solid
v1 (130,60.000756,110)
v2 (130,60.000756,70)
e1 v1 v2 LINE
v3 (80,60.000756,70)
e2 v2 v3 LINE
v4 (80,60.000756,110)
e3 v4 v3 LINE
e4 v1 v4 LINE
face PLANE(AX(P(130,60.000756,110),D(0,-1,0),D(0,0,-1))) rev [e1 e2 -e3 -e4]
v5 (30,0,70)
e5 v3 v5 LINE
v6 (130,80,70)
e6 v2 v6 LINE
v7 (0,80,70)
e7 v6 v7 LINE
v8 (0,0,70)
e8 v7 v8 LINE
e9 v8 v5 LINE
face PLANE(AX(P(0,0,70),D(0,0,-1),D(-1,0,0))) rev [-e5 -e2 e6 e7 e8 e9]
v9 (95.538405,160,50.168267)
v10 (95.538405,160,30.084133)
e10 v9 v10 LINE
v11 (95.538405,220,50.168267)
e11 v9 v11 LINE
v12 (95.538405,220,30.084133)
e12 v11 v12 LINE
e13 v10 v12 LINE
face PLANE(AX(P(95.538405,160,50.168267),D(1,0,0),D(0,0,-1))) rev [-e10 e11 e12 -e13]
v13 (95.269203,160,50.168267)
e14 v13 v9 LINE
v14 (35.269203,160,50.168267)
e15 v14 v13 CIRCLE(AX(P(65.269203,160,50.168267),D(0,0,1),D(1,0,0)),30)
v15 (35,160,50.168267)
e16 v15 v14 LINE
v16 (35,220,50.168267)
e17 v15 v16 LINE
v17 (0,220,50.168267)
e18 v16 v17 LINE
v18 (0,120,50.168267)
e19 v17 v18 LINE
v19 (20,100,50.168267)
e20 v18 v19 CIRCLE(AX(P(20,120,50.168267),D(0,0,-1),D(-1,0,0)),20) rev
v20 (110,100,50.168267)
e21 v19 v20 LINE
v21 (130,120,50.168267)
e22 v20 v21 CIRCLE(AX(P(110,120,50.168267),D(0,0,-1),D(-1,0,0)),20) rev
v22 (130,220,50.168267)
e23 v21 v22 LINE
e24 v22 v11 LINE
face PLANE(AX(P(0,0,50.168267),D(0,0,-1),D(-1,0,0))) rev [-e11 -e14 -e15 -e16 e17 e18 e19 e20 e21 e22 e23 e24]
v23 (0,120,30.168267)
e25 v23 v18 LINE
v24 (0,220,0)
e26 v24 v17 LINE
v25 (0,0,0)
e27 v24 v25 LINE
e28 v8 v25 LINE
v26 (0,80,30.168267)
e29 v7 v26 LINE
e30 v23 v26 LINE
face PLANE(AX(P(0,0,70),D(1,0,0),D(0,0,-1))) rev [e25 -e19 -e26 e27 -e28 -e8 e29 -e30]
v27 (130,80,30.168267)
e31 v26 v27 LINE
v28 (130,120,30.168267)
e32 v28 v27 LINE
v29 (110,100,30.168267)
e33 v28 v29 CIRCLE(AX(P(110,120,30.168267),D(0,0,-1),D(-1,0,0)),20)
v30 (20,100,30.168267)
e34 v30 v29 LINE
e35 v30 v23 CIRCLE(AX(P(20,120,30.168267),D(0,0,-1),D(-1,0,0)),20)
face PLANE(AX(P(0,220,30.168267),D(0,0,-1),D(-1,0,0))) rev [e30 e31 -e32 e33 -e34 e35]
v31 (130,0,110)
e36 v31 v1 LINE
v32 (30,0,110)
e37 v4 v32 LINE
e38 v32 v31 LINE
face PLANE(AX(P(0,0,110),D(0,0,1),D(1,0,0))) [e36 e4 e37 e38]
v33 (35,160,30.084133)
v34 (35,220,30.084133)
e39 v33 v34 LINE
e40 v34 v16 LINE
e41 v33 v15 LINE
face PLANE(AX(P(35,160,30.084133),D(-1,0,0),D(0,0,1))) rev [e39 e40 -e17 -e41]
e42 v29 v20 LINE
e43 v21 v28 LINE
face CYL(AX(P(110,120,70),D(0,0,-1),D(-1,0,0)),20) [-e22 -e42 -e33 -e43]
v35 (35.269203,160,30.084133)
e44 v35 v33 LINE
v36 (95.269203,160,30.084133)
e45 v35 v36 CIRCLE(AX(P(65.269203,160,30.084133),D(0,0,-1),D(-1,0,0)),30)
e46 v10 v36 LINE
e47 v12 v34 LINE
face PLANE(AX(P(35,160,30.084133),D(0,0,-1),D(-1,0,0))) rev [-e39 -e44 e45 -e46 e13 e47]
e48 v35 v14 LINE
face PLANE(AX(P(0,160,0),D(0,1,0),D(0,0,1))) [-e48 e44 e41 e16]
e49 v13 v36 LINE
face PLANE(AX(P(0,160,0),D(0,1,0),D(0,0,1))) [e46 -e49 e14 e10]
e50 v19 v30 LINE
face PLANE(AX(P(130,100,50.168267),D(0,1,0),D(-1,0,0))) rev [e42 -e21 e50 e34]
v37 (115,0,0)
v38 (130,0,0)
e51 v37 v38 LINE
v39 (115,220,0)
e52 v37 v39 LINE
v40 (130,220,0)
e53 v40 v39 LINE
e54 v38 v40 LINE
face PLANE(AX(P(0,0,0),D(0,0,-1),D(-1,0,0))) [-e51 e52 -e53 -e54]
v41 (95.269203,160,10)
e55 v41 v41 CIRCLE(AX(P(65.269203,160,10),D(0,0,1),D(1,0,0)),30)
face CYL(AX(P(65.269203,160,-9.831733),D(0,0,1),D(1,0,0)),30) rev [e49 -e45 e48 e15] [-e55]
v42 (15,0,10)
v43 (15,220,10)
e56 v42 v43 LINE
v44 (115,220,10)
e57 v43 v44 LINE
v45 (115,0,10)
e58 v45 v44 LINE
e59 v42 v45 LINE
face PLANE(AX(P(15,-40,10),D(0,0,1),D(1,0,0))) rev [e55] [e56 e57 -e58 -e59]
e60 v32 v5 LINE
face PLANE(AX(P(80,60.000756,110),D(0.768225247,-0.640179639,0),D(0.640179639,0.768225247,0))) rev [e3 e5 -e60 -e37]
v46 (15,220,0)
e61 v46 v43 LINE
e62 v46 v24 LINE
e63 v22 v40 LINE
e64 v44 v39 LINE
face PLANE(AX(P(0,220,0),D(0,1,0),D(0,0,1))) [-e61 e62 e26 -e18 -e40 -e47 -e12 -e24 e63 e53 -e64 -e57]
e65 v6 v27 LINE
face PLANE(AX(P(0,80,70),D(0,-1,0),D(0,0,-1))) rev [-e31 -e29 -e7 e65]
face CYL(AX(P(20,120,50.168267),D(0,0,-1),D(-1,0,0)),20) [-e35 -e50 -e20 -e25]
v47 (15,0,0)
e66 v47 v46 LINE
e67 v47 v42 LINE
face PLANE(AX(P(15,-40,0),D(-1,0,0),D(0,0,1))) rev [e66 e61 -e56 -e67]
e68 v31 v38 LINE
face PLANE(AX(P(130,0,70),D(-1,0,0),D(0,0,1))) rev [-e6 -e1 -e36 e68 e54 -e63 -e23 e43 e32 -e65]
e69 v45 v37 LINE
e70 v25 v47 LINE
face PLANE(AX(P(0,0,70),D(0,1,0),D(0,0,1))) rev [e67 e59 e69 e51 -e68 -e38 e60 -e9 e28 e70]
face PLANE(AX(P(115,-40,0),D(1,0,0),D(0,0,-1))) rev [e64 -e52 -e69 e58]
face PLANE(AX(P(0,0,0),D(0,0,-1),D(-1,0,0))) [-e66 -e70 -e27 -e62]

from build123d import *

# Parameters (mm, degrees)
ESBO_O1_W                = 130
ESBO_O1_H                = 80
RESSALTO_EXTRUS_O1_DEPTH = 70
RESSALTO_EXTRUS_O2_DEPTH = 40
ESBO_O3_W                = 130
ESBO_O3_H                = 30.168266629
RESSALTO_EXTRUS_O3_DEPTH = 140
ESBO_O4_W                = 130
ESBO_O4_H                = 120
RESSALTO_EXTRUS_O4_DEPTH = 20
ESBO_O5_W                = 100
ESBO_O5_H                = 10
CORTE_EXTRUS_O1_DEPTH    = 260
FILETE3_R                = 20
FILETE4_R                = 20
ESBO_O12_W               = 60.538405015
ESBO_O12_H               = 20.084133314
CORTE_EXTRUS_O3_DEPTH    = 60
ESBO_O13_R               = 30
CORTE_EXTRUS_O4_DEPTH    = 60


with BuildPart() as part:
    # Esboço1 → Ressalto-extrusão1 (new body)
    with BuildSketch(Plane.XY):
        with Locations((65, 40)):
            Rectangle(ESBO_O1_W, ESBO_O1_H)
    extrude(amount=RESSALTO_EXTRUS_O1_DEPTH)

    # Esboço2 → Ressalto-extrusão2 (add)
    with BuildSketch(Plane.XY.offset(70)):
        Polygon((130, 0), (30, 0), (80, 60.000756035), (130, 60.000756035), align=None)
    extrude(amount=RESSALTO_EXTRUS_O2_DEPTH)

    # Esboço3 → Ressalto-extrusão3 (add)
    with BuildSketch(Plane(origin=(0, 80, 0), x_dir=(1, 0, 0), z_dir=(0, 1, 0))):
        with Locations((65, -15.084133315)):
            Rectangle(ESBO_O3_W, ESBO_O3_H)
    extrude(amount=RESSALTO_EXTRUS_O3_DEPTH)

    # Esboço4 → Ressalto-extrusão4 (add)
    with BuildSketch(Plane.XY.offset(30.168266629)):
        with Locations((65, 160)):
            Rectangle(ESBO_O4_W, ESBO_O4_H)
    extrude(amount=RESSALTO_EXTRUS_O4_DEPTH)

    # Esboço5 → Corte-extrusão1 (cut)
    with BuildSketch(Plane(origin=(0, 220, 0), x_dir=(1, 0, 0), z_dir=(0, 1, 0))):
        with Locations((65, -5)):
            Rectangle(ESBO_O5_W, ESBO_O5_H)
    extrude(amount=-CORTE_EXTRUS_O1_DEPTH, mode=Mode.SUBTRACT)

    # Filete3
    filete3_edges = [part.edges().sort_by_distance(p)[0] for p in [
        (0, 100, 40.168266629),
    ]]
    fillet(filete3_edges, radius=FILETE3_R)

    # Filete4
    filete4_edges = [part.edges().sort_by_distance(p)[0] for p in [
        (130, 100, 40.168266629),
    ]]
    fillet(filete4_edges, radius=FILETE4_R)

    # Esboço12 → Corte-extrusão3 (cut)
    with BuildSketch(Plane(origin=(0, 220, 0), x_dir=(1, 0, 0), z_dir=(0, 1, 0))):
        with Locations((65.269202508, -40.126199972)):
            Rectangle(ESBO_O12_W, ESBO_O12_H)
    extrude(amount=-CORTE_EXTRUS_O3_DEPTH, mode=Mode.SUBTRACT)

    # Esboço13 → Corte-extrusão4 (cut)
    with BuildSketch(Plane.XY.offset(50.168266629)):
        with Locations((65.269202508, 160)):
            Circle(ESBO_O13_R)
    extrude(amount=-CORTE_EXTRUS_O4_DEPTH, mode=Mode.SUBTRACT)


solid = part.part
